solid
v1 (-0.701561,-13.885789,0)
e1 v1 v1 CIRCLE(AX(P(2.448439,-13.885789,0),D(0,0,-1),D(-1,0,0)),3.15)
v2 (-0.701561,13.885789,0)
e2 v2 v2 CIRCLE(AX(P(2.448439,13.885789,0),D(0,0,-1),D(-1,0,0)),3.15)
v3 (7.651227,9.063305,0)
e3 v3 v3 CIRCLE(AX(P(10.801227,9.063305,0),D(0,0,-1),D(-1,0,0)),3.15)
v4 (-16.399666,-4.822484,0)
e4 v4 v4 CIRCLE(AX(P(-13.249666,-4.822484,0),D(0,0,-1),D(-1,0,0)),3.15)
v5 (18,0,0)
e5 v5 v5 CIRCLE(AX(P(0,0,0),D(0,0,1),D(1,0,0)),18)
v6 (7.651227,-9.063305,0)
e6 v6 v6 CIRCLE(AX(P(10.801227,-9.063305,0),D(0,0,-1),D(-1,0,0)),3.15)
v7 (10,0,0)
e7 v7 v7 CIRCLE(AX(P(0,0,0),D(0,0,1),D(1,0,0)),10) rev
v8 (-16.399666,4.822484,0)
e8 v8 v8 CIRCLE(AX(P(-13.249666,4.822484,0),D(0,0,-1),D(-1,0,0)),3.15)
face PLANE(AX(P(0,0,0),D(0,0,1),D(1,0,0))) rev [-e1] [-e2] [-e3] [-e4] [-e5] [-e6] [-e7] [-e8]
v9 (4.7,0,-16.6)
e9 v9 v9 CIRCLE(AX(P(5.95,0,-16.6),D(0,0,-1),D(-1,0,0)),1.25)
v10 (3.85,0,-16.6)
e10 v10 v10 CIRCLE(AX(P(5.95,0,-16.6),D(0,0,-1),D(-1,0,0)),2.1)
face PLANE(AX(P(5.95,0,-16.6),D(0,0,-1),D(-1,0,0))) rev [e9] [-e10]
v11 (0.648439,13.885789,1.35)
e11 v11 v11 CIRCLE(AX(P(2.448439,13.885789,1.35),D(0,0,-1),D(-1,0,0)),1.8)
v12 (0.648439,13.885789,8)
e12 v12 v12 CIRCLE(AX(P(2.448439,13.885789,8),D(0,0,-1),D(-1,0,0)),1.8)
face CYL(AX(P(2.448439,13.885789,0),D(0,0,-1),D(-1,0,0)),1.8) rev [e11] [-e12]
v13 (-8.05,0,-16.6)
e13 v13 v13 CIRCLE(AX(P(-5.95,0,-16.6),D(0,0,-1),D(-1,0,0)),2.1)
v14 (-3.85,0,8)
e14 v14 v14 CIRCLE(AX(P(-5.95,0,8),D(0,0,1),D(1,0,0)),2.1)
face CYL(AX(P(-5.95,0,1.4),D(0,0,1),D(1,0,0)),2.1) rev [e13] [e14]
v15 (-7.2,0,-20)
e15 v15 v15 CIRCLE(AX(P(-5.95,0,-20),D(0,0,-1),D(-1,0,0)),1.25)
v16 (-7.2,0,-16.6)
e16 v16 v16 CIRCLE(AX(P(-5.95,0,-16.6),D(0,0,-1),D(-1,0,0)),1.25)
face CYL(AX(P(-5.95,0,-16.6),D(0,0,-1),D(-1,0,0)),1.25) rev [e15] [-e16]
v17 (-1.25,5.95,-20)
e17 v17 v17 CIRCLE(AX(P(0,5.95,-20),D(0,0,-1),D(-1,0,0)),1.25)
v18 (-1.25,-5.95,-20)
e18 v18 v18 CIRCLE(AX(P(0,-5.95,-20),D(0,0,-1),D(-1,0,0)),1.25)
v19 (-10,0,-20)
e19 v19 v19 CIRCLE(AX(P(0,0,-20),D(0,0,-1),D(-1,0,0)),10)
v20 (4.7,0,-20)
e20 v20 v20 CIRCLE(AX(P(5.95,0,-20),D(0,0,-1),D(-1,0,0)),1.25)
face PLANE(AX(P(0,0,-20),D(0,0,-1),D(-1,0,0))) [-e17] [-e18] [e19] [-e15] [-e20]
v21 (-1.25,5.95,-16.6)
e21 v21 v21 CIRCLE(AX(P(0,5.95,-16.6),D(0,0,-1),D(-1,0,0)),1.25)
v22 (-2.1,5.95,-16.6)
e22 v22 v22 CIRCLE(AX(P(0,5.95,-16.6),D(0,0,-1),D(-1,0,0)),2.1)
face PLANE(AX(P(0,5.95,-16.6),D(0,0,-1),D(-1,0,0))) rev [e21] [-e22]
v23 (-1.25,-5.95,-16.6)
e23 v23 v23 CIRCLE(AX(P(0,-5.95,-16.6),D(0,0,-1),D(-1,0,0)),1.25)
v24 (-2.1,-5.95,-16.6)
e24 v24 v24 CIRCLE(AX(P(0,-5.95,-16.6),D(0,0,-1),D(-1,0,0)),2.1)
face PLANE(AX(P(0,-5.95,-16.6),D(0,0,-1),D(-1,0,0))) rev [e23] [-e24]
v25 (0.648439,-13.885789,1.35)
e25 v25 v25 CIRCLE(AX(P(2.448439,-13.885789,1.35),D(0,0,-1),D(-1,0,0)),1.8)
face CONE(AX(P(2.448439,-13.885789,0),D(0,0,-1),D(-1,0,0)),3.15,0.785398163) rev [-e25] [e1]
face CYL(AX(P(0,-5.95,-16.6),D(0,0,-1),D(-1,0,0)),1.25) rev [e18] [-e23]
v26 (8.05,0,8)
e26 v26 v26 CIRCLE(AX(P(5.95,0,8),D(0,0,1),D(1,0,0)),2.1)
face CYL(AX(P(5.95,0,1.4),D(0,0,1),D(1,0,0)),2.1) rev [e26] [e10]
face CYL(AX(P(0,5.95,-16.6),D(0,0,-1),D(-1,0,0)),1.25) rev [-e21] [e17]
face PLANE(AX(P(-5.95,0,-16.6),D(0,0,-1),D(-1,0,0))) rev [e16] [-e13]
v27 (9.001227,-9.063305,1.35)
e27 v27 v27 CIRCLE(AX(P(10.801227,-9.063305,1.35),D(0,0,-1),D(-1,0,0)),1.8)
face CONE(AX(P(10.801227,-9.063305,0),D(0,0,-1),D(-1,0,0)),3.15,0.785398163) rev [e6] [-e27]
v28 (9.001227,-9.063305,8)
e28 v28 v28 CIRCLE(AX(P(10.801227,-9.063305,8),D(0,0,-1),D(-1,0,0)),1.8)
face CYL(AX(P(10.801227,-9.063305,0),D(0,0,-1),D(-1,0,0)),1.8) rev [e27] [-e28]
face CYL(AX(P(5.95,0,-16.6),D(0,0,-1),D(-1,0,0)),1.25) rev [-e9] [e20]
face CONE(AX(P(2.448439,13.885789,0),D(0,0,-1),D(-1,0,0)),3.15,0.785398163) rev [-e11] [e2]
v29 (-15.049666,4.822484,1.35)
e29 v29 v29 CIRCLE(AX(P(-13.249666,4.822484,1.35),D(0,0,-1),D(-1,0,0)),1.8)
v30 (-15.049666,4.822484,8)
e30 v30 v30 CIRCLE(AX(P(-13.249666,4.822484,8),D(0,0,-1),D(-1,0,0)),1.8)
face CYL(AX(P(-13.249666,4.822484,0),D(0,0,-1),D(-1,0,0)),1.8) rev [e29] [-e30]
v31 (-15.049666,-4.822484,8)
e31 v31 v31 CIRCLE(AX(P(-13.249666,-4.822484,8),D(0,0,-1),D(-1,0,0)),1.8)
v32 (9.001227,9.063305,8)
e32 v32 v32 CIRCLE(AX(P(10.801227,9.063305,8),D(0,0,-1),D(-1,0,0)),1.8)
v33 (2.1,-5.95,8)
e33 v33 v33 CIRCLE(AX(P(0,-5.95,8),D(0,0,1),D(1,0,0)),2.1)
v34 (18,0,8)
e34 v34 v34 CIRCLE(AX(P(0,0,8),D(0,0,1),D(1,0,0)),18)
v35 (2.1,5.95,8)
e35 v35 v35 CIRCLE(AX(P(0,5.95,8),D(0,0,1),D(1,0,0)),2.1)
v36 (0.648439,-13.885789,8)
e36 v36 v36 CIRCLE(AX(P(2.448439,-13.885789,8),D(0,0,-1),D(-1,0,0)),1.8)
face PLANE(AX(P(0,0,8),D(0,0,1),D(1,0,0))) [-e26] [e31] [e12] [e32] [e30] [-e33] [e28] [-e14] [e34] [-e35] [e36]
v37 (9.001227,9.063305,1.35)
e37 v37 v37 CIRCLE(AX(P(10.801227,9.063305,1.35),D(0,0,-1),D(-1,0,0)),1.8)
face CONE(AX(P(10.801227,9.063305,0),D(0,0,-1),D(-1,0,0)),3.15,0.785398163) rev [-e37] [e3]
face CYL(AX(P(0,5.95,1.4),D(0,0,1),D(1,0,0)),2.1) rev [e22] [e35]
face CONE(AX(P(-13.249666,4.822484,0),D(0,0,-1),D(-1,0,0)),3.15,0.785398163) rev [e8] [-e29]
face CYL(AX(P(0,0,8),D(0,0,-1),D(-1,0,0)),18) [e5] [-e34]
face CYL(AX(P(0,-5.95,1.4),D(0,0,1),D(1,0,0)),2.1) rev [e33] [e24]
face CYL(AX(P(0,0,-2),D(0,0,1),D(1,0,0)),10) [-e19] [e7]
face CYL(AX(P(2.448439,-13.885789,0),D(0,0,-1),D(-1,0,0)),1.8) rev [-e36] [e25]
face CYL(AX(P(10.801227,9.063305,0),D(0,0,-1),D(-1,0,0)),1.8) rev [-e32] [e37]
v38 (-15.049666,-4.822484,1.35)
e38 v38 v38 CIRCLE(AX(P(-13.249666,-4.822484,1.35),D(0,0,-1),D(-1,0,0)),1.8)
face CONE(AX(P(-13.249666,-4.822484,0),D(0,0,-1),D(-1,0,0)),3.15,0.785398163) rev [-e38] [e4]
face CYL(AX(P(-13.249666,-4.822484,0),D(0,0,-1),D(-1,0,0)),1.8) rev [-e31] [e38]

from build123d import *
from build123d.topology import SkipClean

# Parameters (mm, degrees)
SKETCH_1_R                   = 18
SKETCH_1_R_2                 = 1.3
SKETCH_1_R_3                 = 1.6
EXTRUDE_1_DEPTH              = 8
SKETCH_5_R                   = 2.1
CUT_EXTRUDE_1_DEPTH          = 6.6
HOLE_WIZARD_M3_2_D           = 3.6
HOLE_WIZARD_M3_2_CSINK_D     = 6.3
HOLE_WIZARD_M3_2_CSINK_ANGLE = 90
EXTRUDE_START                = 2
SKETCH_8_R                   = 10
SKETCH_8_R_2                 = 1.3
EXTRUDE_2_DEPTH              = 2
SKETCH_9_R                   = 10
SKETCH_9_R_2                 = 2.1
EXTRUDE_3_DEPTH              = 18
EXTRUDE_START_2              = -3.4
SKETCH_10_R                  = 2.1
SKETCH_10_R_2                = 1.25
EXTRUDE_4_DEPTH              = 3.4
SKETCH_11_R                  = 2.1
CUT_EXTRUDE_2_DEPTH          = 3.4


with BuildPart() as part:
    # 스케치1 → 보스-돌출1 (new body)
    with BuildSketch(Plane.XY):
        Circle(SKETCH_1_R)
        with Locations((0, 5.95)):
            Circle(SKETCH_1_R_2, mode=Mode.SUBTRACT)
        with Locations((5.95, 0)):
            Circle(SKETCH_1_R_2, mode=Mode.SUBTRACT)
        with Locations((0, -5.95)):
            Circle(SKETCH_1_R_2, mode=Mode.SUBTRACT)
        with Locations((-5.95, 0)):
            Circle(SKETCH_1_R_2, mode=Mode.SUBTRACT)
        with Locations((-13.249665953, 4.822484021)):
            Circle(SKETCH_1_R_3, mode=Mode.SUBTRACT)
        with Locations(Location((-13.249665953, -4.822484021, 0), (0, 0, 180))):
            Circle(SKETCH_1_R_3, mode=Mode.SUBTRACT)
        with Locations((10.801226648, 9.063305297)):
            Circle(SKETCH_1_R_3, mode=Mode.SUBTRACT)
        with Locations(Location((2.448439305, 13.885789317, 0), (0, 0, 180))):
            Circle(SKETCH_1_R_3, mode=Mode.SUBTRACT)
        with Locations((2.448439305, -13.885789317)):
            Circle(SKETCH_1_R_3, mode=Mode.SUBTRACT)
        with Locations(Location((10.801226648, -9.063305297, 0), (0, 0, 180))):
            Circle(SKETCH_1_R_3, mode=Mode.SUBTRACT)
    extrude(amount=EXTRUDE_1_DEPTH)

    # 스케치5 → 컷-돌출1 (cut)
    with BuildSketch(Plane.XY.offset(8)):
        with Locations((0, 5.95)):
            Circle(SKETCH_5_R)
        with Locations((0, -5.95)):
            Circle(SKETCH_5_R)
        with Locations((5.95, 0)):
            Circle(SKETCH_5_R)
        with Locations((-5.95, 0)):
            Circle(SKETCH_5_R)
    extrude(amount=-CUT_EXTRUDE_1_DEPTH, mode=Mode.SUBTRACT)

    # M3 접시 머리 나사용 카운터싱크2 (through all)
    with Locations(Plane(origin=(0, 0, 0), x_dir=(-1, 0, 0), z_dir=(0, 0, -1))):
        with Locations((-2.448439305, 13.885789317), (13.249665953, 4.822484021), (13.249665953, -4.822484021), (-2.448439305, -13.885789317), (-10.801226648, -9.063305297), (-10.801226648, 9.063305297)):
            CounterSinkHole(HOLE_WIZARD_M3_2_D / 2, HOLE_WIZARD_M3_2_CSINK_D / 2, counter_sink_angle=HOLE_WIZARD_M3_2_CSINK_ANGLE)

    # 스케치8 → 보스-돌출2 (add)
    with BuildSketch(Plane(origin=(0, 0, 0), x_dir=(-1, 0, 0), z_dir=(0, 0, -1)).offset(EXTRUDE_START)):
        with Locations(Location((0, 0, 0), (0, 0, 180))):
            Circle(SKETCH_8_R)
        with Locations((0, 5.95)):
            Circle(SKETCH_8_R_2, mode=Mode.SUBTRACT)
        with Locations((5.95, 0)):
            Circle(SKETCH_8_R_2, mode=Mode.SUBTRACT)
        with Locations((0, -5.95)):
            Circle(SKETCH_8_R_2, mode=Mode.SUBTRACT)
        with Locations((-5.95, 0)):
            Circle(SKETCH_8_R_2, mode=Mode.SUBTRACT)
    extrude(amount=-EXTRUDE_2_DEPTH)

    # 스케치9 → 보스-돌출3 (add)
    with SkipClean():  # the faces are left unmerged after this step: merging them gives an invalid solid
        with BuildSketch(Plane(origin=(0, 0, -2), x_dir=(-1, 0, 0), z_dir=(0, 0, -1))):
            with Locations(Location((0, 0, 0), (0, 0, 180))):
                Circle(SKETCH_9_R)
            with Locations(Location((5.95, 0, 0), (0, 0, 180))):
                Circle(SKETCH_9_R_2, mode=Mode.SUBTRACT)
            with Locations(Location((0, 5.95, 0), (0, 0, 180))):
                Circle(SKETCH_9_R_2, mode=Mode.SUBTRACT)
            with Locations(Location((-5.95, 0, 0), (0, 0, 180))):
                Circle(SKETCH_9_R_2, mode=Mode.SUBTRACT)
            with Locations(Location((0, -5.95, 0), (0, 0, 180))):
                Circle(SKETCH_9_R_2, mode=Mode.SUBTRACT)
        extrude(amount=EXTRUDE_3_DEPTH)

    # 스케치10 → 보스-돌출4 (add)
    # profile 1 of 4: a face of its own
    with SkipClean():  # the faces are left unmerged after this step: merging them gives an invalid solid
        with BuildSketch(Plane(origin=(0, 0, -20), x_dir=(-1, 0, 0), z_dir=(0, 0, -1)).offset(EXTRUDE_START_2)):
            with Locations((5.95, 0)):
                Circle(SKETCH_10_R)
            with Locations((5.95, 0)):
                Circle(SKETCH_10_R_2, mode=Mode.SUBTRACT)
        # profile 2 of 4: a face of its own
        with BuildSketch(Plane(origin=(0, 0, -20), x_dir=(-1, 0, 0), z_dir=(0, 0, -1)).offset(EXTRUDE_START_2)):
            with Locations((0, -5.95)):
                Circle(SKETCH_10_R)
            with Locations((0, -5.95)):
                Circle(SKETCH_10_R_2, mode=Mode.SUBTRACT)
        # profile 3 of 4: a face of its own
        with BuildSketch(Plane(origin=(0, 0, -20), x_dir=(-1, 0, 0), z_dir=(0, 0, -1)).offset(EXTRUDE_START_2)):
            with Locations((-5.95, 0)):
                Circle(SKETCH_10_R)
            with Locations((-5.95, 0)):
                Circle(SKETCH_10_R_2, mode=Mode.SUBTRACT)
        # profile 4 of 4: a face of its own
        with BuildSketch(Plane(origin=(0, 0, -20), x_dir=(-1, 0, 0), z_dir=(0, 0, -1)).offset(EXTRUDE_START_2)):
            with Locations((0, 5.95)):
                Circle(SKETCH_10_R)
            with Locations((0, 5.95)):
                Circle(SKETCH_10_R_2, mode=Mode.SUBTRACT)
        extrude(amount=EXTRUDE_4_DEPTH)

    # 스케치11 → 컷-돌출2 (cut)
    with BuildSketch(Plane.XY.offset(1.4)):
        with Locations((5.95, 0)):
            Circle(SKETCH_11_R)
        with Locations((0, -5.95)):
            Circle(SKETCH_11_R)
        with Locations((0, 5.95)):
            Circle(SKETCH_11_R)
        with Locations((-5.95, 0)):
            Circle(SKETCH_11_R)
    extrude(amount=-CUT_EXTRUDE_2_DEPTH, mode=Mode.SUBTRACT)


solid = part.part
